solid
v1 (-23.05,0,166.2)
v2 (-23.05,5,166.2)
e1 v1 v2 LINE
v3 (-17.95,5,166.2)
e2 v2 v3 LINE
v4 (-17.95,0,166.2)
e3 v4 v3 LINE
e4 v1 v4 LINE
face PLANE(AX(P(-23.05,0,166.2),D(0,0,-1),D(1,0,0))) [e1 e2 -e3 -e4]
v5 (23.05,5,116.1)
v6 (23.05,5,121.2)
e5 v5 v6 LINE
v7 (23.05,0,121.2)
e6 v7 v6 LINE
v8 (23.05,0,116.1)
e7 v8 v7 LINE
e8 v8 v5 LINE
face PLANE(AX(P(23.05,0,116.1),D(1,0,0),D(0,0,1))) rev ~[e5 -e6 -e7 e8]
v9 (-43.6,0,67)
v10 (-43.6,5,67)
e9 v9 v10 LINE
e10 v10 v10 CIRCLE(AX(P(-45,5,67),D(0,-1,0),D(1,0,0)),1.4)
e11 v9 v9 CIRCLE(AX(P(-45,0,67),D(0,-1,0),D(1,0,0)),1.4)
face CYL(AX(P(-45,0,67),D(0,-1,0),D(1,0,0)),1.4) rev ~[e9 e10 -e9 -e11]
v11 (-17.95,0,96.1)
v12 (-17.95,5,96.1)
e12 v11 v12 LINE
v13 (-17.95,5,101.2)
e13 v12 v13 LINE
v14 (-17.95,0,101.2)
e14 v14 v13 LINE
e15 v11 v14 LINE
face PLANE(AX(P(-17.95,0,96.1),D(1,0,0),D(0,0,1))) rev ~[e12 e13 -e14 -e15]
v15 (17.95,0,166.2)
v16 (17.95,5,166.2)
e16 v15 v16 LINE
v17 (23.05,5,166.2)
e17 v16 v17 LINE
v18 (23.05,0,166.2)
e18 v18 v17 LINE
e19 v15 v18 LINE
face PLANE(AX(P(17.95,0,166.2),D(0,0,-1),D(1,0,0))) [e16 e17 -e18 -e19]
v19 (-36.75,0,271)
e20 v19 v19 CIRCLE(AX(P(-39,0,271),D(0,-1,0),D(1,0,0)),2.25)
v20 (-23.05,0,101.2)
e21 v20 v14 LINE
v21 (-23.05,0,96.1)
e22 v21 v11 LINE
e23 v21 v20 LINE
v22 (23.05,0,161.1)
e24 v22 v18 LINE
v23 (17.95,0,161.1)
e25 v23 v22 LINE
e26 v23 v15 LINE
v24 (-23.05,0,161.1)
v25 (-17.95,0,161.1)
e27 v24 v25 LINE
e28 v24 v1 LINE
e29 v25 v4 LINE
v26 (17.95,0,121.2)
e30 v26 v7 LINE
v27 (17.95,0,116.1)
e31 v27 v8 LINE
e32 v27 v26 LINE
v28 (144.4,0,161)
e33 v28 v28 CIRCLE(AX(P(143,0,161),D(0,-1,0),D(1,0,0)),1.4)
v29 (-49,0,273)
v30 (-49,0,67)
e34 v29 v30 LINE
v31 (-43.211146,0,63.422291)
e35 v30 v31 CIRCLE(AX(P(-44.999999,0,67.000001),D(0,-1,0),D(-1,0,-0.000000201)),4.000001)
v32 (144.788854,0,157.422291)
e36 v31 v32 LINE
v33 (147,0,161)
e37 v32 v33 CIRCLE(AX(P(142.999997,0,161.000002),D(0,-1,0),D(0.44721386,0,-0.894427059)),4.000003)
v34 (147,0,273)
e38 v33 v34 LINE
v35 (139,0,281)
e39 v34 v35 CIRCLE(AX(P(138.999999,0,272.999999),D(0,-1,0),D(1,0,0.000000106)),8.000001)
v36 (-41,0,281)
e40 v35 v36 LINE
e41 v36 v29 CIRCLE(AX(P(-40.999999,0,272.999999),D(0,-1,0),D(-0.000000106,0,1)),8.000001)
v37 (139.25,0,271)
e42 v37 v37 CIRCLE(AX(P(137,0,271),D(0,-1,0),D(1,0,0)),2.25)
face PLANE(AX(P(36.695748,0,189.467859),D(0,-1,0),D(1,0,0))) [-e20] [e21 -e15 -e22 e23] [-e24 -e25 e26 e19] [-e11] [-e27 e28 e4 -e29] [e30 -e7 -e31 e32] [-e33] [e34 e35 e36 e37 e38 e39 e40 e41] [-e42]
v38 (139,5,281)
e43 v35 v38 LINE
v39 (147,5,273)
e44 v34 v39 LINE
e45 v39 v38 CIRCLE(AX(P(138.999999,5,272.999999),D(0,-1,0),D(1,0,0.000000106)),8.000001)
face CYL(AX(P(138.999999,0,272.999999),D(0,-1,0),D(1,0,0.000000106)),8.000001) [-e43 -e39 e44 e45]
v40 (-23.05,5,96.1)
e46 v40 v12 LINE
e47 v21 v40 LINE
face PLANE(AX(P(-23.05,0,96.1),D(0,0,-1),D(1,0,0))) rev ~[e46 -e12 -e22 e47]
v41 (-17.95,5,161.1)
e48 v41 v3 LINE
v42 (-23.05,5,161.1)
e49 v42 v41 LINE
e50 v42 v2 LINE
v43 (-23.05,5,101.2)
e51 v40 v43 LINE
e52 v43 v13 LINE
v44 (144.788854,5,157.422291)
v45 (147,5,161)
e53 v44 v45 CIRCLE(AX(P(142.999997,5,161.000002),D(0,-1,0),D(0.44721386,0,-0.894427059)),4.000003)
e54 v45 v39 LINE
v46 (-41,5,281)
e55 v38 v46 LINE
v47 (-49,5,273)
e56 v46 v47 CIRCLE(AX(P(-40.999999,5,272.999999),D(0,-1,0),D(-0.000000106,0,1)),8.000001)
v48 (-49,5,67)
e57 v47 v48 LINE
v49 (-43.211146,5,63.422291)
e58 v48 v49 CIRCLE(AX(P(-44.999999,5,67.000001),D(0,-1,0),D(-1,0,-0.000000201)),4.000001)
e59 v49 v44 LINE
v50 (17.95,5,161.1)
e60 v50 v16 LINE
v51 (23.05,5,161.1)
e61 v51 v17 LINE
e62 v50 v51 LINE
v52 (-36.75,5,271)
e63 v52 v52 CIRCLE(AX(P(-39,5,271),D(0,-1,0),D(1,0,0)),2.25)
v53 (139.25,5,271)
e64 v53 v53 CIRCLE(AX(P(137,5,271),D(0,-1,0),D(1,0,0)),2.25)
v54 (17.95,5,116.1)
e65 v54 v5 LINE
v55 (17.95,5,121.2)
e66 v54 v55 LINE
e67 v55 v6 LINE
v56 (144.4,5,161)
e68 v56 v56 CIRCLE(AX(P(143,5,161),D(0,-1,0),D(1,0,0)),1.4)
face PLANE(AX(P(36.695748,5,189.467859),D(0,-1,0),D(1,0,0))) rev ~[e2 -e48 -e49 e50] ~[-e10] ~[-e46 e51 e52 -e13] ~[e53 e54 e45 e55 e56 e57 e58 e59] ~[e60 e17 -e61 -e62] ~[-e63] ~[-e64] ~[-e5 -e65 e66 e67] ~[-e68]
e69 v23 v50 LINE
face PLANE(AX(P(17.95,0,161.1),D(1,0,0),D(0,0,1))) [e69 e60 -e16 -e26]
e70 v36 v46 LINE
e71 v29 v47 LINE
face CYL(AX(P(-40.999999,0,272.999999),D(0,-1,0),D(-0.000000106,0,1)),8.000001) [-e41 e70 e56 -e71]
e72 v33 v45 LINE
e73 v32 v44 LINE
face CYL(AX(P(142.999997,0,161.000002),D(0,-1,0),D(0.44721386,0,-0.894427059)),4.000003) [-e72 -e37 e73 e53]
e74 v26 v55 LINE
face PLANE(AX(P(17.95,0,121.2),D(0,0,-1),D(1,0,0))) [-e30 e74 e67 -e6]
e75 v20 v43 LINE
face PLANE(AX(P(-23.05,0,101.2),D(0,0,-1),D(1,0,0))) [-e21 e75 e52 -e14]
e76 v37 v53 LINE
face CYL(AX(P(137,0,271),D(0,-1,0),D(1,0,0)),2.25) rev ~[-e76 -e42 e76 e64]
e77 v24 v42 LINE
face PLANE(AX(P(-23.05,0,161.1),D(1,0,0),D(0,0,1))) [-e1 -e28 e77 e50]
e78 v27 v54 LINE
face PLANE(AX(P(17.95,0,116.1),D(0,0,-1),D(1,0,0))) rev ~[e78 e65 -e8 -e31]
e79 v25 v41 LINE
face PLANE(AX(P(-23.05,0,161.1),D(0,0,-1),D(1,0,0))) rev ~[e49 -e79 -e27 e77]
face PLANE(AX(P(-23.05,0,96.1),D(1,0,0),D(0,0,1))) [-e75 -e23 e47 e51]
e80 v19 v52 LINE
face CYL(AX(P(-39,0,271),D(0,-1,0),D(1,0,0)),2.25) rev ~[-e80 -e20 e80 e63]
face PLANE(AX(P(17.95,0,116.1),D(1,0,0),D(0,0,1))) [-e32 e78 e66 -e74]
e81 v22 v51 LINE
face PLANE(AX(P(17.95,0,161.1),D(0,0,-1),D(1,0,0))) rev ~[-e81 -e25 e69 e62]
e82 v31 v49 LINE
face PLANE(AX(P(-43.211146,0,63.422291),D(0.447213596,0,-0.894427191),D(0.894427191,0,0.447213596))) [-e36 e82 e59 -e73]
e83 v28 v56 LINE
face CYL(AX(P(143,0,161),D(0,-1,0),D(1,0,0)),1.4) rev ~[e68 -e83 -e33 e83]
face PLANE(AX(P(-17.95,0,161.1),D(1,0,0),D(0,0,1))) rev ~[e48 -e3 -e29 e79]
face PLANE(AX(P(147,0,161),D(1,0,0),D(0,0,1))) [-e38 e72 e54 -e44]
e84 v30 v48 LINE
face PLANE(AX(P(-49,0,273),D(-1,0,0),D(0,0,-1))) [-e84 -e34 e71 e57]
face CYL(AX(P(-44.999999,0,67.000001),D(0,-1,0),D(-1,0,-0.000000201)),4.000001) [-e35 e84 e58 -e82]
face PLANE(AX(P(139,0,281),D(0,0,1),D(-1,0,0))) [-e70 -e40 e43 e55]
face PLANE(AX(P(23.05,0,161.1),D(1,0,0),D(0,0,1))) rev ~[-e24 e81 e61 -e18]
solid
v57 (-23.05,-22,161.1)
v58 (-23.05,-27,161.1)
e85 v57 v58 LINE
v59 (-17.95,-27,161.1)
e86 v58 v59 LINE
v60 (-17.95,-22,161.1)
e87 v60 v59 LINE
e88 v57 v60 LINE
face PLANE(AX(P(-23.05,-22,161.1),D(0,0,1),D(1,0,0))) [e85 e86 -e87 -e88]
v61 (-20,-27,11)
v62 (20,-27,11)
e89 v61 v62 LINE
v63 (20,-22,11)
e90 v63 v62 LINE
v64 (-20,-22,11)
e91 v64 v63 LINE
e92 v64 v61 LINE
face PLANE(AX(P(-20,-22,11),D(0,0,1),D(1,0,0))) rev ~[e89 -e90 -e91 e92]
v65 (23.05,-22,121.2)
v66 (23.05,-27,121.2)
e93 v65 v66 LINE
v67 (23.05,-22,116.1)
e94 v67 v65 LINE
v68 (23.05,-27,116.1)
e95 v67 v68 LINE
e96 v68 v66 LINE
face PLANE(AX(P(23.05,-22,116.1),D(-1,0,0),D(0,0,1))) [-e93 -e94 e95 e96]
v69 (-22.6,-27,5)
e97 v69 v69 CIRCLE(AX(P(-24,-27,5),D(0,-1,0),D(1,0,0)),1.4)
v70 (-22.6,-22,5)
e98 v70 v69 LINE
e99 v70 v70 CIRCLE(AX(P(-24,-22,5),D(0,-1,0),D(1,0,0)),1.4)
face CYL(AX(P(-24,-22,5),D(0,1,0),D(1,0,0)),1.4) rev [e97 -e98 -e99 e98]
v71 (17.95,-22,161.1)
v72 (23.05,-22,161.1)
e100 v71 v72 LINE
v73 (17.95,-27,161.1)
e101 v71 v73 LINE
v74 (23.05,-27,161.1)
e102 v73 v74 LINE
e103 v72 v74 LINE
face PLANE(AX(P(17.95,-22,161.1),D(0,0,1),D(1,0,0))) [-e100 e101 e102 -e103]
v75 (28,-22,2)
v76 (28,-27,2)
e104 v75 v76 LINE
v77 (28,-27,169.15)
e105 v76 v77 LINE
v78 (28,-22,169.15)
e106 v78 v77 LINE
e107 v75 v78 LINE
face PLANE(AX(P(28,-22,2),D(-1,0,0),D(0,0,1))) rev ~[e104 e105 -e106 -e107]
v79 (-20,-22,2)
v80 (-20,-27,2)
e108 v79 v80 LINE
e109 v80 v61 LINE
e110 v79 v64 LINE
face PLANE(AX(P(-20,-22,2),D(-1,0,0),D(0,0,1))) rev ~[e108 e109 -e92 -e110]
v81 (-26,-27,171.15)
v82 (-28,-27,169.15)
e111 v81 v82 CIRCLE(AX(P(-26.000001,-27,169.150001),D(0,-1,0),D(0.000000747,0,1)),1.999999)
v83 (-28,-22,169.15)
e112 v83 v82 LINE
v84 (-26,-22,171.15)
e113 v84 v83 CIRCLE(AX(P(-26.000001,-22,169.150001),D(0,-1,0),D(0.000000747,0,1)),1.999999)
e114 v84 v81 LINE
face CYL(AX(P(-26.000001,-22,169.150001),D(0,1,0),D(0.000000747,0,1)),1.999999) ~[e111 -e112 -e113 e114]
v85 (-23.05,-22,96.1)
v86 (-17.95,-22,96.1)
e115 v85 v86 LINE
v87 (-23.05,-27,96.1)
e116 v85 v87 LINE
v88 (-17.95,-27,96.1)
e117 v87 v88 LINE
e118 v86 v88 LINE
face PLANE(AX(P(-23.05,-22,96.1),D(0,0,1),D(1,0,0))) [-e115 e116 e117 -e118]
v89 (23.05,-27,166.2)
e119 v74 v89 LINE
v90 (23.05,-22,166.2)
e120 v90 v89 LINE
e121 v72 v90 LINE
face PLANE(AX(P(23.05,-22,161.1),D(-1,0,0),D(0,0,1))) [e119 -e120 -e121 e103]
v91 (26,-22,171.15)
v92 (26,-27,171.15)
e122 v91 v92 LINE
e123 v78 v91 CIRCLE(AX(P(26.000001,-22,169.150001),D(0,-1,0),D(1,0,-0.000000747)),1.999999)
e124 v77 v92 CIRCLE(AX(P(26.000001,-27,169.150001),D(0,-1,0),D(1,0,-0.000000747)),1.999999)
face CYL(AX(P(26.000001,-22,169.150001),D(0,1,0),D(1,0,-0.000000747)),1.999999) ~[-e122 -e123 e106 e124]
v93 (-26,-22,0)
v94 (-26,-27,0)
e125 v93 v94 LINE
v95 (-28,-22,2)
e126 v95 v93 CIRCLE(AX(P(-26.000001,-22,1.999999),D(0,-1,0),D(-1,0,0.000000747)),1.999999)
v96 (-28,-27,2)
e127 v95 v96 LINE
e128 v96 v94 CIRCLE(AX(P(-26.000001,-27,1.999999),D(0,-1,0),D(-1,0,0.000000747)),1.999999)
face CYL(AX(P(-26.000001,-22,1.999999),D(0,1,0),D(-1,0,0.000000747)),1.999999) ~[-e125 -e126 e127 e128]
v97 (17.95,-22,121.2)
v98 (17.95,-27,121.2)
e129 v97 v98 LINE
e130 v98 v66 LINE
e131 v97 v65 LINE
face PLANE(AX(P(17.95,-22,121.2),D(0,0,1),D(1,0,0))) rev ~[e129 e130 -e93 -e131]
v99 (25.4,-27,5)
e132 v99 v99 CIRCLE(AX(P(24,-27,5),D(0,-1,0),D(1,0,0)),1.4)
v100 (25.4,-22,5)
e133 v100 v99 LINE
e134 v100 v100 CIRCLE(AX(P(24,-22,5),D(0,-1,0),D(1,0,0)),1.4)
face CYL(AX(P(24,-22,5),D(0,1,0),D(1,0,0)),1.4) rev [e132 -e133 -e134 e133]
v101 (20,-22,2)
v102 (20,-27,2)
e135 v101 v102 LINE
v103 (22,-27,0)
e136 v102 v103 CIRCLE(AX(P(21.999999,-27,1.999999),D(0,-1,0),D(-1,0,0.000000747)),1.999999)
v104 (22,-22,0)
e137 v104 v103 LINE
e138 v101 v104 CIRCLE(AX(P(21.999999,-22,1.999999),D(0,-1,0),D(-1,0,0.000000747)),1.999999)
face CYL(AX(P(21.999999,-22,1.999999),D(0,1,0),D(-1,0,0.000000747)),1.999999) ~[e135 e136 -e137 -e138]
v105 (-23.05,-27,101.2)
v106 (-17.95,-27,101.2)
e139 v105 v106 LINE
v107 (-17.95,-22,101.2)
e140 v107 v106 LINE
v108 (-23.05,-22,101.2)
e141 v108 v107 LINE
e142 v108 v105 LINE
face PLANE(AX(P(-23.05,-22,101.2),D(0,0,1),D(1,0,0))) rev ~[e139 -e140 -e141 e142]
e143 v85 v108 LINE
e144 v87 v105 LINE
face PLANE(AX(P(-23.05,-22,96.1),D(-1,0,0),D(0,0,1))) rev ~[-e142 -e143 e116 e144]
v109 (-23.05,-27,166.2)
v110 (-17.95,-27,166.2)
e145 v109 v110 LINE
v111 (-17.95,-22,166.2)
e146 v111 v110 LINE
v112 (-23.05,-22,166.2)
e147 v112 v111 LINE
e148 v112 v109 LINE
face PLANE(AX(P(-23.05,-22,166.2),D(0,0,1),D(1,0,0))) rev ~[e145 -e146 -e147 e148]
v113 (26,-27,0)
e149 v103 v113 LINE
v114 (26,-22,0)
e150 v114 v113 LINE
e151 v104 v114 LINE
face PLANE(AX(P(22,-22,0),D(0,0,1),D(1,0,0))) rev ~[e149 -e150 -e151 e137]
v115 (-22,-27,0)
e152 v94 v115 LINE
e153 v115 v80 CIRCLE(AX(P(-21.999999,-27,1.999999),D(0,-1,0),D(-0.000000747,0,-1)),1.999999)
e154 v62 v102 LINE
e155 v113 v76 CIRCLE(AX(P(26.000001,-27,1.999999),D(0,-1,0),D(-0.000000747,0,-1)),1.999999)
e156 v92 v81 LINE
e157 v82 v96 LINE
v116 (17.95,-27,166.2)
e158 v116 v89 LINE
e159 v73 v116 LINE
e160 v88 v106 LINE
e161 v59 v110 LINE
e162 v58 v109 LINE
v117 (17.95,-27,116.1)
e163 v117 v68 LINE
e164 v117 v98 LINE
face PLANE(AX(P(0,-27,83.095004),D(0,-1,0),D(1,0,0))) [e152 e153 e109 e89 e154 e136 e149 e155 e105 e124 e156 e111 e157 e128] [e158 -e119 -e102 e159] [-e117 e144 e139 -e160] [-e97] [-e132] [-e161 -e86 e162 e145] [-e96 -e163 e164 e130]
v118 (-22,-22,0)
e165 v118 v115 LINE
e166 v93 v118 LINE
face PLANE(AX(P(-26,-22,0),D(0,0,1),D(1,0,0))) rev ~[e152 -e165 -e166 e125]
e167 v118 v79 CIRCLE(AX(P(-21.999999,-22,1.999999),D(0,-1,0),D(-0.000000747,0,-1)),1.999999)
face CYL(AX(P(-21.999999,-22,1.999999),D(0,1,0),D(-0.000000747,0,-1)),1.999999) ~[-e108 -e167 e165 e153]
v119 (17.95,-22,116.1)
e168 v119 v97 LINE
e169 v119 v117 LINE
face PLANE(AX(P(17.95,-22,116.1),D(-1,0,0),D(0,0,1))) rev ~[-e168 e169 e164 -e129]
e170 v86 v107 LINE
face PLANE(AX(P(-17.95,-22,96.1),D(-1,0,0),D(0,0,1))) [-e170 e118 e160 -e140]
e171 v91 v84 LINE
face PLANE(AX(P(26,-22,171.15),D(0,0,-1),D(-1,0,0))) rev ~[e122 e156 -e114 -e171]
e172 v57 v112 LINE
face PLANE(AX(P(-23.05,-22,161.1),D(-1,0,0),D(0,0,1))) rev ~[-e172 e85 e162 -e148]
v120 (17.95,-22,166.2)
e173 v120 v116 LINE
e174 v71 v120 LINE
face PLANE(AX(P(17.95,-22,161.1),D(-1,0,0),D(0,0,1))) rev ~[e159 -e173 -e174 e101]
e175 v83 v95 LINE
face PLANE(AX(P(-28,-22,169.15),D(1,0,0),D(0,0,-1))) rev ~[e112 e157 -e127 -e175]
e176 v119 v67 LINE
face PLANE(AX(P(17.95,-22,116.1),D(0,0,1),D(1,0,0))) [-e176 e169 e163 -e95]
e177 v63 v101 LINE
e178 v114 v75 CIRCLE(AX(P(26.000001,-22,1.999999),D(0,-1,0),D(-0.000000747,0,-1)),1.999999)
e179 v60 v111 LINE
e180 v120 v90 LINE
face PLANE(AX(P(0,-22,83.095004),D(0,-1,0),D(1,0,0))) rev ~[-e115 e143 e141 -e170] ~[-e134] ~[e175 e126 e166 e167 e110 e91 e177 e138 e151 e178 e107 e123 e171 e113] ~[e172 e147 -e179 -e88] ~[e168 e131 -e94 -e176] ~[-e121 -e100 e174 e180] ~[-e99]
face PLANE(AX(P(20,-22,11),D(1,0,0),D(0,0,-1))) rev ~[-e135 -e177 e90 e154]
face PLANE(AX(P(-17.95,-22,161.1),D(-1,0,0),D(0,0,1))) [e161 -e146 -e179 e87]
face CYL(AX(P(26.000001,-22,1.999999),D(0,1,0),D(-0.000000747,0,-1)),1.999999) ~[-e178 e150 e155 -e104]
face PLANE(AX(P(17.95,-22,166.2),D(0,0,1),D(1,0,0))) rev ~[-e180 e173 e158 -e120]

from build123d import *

# Parameters (mm, degrees)
F0_R     = 1.4
F0_W     = 5.1
F0_H     = 5.1
F0_R_2   = 2.25
F3_DEPTH = 5
F2_R     = 1.4
F2_W     = 5.1
F2_H     = 5.1
F4_DEPTH = 5


with BuildPart() as f3:
    # F0 (on Front) → F3 (new body)
    with BuildSketch(Plane.XZ):
        with BuildLine():
            Line((-43.211146, 63.422291), (144.788854, 157.422291))
            ThreePointArc((144.788854, 157.422291), (146.402603, 158.897076), (147, 161))
            Line((147, 161), (147, 273))
            ThreePointArc((147, 273), (144.656854, 278.656854), (139, 281))
            Line((139, 281), (-41, 281))
            ThreePointArc((-41, 281), (-46.656854, 278.656854), (-49, 273))
            Line((-49, 273), (-49, 67))
            ThreePointArc((-49, 67), (-47.102924, 63.597397), (-43.211146, 63.422291))
        make_face()
        with Locations((-45, 67)):
            Circle(F0_R, mode=Mode.SUBTRACT)
        with Locations((-20.5, 98.65)):
            Rectangle(F0_W, F0_H, mode=Mode.SUBTRACT)
        with Locations((-20.5, 163.65)):
            Rectangle(F0_W, F0_H, mode=Mode.SUBTRACT)
        with Locations((20.5, 118.65)):
            Rectangle(F0_W, F0_H, mode=Mode.SUBTRACT)
        with Locations((20.5, 163.65)):
            Rectangle(F0_W, F0_H, mode=Mode.SUBTRACT)
        with Locations((143, 161)):
            Circle(F0_R, mode=Mode.SUBTRACT)
        with Locations((-39, 271)):
            Circle(F0_R_2, mode=Mode.SUBTRACT)
        with Locations((137, 271)):
            Circle(F0_R_2, mode=Mode.SUBTRACT)
    extrude(amount=-F3_DEPTH)


with BuildPart() as f4:
    # F2 (on offset) → F4 (new body)
    with BuildSketch(Plane.XZ.offset(22)):
        with BuildLine():
            ThreePointArc((-28, 2), (-27.414214, 0.585786), (-26, 0))
            Line((-26, 0), (-22, 0))
            ThreePointArc((-22, 0), (-20.585786, 0.585786), (-20, 2))
            Line((-20, 2), (-20, 11))
            Line((-20, 11), (20, 11))
            Line((20, 11), (20, 2))
            ThreePointArc((20, 2), (20.585786, 0.585786), (22, 0))
            Line((22, 0), (26, 0))
            ThreePointArc((26, 0), (27.414214, 0.585786), (28, 2))
            Line((28, 2), (28, 169.15))
            ThreePointArc((28, 169.15), (27.414214, 170.564214), (26, 171.15))
            Line((26, 171.15), (-26, 171.15))
            ThreePointArc((-26, 171.15), (-27.414214, 170.564214), (-28, 169.15))
            Line((-28, 169.15), (-28, 2))
        make_face()
        with Locations((-24, 5)):
            Circle(F2_R, mode=Mode.SUBTRACT)
        with Locations((24, 5)):
            Circle(F2_R, mode=Mode.SUBTRACT)
        with Locations((-20.5, 98.65)):
            Rectangle(F2_W, F2_H, mode=Mode.SUBTRACT)
        with Locations((-20.5, 163.65)):
            Rectangle(F2_W, F2_H, mode=Mode.SUBTRACT)
        with Locations((20.5, 118.65)):
            Rectangle(F2_W, F2_H, mode=Mode.SUBTRACT)
        with Locations((20.5, 163.65)):
            Rectangle(F2_W, F2_H, mode=Mode.SUBTRACT)
    extrude(amount=F4_DEPTH)


solid = Compound([f3.part, f4.part])
